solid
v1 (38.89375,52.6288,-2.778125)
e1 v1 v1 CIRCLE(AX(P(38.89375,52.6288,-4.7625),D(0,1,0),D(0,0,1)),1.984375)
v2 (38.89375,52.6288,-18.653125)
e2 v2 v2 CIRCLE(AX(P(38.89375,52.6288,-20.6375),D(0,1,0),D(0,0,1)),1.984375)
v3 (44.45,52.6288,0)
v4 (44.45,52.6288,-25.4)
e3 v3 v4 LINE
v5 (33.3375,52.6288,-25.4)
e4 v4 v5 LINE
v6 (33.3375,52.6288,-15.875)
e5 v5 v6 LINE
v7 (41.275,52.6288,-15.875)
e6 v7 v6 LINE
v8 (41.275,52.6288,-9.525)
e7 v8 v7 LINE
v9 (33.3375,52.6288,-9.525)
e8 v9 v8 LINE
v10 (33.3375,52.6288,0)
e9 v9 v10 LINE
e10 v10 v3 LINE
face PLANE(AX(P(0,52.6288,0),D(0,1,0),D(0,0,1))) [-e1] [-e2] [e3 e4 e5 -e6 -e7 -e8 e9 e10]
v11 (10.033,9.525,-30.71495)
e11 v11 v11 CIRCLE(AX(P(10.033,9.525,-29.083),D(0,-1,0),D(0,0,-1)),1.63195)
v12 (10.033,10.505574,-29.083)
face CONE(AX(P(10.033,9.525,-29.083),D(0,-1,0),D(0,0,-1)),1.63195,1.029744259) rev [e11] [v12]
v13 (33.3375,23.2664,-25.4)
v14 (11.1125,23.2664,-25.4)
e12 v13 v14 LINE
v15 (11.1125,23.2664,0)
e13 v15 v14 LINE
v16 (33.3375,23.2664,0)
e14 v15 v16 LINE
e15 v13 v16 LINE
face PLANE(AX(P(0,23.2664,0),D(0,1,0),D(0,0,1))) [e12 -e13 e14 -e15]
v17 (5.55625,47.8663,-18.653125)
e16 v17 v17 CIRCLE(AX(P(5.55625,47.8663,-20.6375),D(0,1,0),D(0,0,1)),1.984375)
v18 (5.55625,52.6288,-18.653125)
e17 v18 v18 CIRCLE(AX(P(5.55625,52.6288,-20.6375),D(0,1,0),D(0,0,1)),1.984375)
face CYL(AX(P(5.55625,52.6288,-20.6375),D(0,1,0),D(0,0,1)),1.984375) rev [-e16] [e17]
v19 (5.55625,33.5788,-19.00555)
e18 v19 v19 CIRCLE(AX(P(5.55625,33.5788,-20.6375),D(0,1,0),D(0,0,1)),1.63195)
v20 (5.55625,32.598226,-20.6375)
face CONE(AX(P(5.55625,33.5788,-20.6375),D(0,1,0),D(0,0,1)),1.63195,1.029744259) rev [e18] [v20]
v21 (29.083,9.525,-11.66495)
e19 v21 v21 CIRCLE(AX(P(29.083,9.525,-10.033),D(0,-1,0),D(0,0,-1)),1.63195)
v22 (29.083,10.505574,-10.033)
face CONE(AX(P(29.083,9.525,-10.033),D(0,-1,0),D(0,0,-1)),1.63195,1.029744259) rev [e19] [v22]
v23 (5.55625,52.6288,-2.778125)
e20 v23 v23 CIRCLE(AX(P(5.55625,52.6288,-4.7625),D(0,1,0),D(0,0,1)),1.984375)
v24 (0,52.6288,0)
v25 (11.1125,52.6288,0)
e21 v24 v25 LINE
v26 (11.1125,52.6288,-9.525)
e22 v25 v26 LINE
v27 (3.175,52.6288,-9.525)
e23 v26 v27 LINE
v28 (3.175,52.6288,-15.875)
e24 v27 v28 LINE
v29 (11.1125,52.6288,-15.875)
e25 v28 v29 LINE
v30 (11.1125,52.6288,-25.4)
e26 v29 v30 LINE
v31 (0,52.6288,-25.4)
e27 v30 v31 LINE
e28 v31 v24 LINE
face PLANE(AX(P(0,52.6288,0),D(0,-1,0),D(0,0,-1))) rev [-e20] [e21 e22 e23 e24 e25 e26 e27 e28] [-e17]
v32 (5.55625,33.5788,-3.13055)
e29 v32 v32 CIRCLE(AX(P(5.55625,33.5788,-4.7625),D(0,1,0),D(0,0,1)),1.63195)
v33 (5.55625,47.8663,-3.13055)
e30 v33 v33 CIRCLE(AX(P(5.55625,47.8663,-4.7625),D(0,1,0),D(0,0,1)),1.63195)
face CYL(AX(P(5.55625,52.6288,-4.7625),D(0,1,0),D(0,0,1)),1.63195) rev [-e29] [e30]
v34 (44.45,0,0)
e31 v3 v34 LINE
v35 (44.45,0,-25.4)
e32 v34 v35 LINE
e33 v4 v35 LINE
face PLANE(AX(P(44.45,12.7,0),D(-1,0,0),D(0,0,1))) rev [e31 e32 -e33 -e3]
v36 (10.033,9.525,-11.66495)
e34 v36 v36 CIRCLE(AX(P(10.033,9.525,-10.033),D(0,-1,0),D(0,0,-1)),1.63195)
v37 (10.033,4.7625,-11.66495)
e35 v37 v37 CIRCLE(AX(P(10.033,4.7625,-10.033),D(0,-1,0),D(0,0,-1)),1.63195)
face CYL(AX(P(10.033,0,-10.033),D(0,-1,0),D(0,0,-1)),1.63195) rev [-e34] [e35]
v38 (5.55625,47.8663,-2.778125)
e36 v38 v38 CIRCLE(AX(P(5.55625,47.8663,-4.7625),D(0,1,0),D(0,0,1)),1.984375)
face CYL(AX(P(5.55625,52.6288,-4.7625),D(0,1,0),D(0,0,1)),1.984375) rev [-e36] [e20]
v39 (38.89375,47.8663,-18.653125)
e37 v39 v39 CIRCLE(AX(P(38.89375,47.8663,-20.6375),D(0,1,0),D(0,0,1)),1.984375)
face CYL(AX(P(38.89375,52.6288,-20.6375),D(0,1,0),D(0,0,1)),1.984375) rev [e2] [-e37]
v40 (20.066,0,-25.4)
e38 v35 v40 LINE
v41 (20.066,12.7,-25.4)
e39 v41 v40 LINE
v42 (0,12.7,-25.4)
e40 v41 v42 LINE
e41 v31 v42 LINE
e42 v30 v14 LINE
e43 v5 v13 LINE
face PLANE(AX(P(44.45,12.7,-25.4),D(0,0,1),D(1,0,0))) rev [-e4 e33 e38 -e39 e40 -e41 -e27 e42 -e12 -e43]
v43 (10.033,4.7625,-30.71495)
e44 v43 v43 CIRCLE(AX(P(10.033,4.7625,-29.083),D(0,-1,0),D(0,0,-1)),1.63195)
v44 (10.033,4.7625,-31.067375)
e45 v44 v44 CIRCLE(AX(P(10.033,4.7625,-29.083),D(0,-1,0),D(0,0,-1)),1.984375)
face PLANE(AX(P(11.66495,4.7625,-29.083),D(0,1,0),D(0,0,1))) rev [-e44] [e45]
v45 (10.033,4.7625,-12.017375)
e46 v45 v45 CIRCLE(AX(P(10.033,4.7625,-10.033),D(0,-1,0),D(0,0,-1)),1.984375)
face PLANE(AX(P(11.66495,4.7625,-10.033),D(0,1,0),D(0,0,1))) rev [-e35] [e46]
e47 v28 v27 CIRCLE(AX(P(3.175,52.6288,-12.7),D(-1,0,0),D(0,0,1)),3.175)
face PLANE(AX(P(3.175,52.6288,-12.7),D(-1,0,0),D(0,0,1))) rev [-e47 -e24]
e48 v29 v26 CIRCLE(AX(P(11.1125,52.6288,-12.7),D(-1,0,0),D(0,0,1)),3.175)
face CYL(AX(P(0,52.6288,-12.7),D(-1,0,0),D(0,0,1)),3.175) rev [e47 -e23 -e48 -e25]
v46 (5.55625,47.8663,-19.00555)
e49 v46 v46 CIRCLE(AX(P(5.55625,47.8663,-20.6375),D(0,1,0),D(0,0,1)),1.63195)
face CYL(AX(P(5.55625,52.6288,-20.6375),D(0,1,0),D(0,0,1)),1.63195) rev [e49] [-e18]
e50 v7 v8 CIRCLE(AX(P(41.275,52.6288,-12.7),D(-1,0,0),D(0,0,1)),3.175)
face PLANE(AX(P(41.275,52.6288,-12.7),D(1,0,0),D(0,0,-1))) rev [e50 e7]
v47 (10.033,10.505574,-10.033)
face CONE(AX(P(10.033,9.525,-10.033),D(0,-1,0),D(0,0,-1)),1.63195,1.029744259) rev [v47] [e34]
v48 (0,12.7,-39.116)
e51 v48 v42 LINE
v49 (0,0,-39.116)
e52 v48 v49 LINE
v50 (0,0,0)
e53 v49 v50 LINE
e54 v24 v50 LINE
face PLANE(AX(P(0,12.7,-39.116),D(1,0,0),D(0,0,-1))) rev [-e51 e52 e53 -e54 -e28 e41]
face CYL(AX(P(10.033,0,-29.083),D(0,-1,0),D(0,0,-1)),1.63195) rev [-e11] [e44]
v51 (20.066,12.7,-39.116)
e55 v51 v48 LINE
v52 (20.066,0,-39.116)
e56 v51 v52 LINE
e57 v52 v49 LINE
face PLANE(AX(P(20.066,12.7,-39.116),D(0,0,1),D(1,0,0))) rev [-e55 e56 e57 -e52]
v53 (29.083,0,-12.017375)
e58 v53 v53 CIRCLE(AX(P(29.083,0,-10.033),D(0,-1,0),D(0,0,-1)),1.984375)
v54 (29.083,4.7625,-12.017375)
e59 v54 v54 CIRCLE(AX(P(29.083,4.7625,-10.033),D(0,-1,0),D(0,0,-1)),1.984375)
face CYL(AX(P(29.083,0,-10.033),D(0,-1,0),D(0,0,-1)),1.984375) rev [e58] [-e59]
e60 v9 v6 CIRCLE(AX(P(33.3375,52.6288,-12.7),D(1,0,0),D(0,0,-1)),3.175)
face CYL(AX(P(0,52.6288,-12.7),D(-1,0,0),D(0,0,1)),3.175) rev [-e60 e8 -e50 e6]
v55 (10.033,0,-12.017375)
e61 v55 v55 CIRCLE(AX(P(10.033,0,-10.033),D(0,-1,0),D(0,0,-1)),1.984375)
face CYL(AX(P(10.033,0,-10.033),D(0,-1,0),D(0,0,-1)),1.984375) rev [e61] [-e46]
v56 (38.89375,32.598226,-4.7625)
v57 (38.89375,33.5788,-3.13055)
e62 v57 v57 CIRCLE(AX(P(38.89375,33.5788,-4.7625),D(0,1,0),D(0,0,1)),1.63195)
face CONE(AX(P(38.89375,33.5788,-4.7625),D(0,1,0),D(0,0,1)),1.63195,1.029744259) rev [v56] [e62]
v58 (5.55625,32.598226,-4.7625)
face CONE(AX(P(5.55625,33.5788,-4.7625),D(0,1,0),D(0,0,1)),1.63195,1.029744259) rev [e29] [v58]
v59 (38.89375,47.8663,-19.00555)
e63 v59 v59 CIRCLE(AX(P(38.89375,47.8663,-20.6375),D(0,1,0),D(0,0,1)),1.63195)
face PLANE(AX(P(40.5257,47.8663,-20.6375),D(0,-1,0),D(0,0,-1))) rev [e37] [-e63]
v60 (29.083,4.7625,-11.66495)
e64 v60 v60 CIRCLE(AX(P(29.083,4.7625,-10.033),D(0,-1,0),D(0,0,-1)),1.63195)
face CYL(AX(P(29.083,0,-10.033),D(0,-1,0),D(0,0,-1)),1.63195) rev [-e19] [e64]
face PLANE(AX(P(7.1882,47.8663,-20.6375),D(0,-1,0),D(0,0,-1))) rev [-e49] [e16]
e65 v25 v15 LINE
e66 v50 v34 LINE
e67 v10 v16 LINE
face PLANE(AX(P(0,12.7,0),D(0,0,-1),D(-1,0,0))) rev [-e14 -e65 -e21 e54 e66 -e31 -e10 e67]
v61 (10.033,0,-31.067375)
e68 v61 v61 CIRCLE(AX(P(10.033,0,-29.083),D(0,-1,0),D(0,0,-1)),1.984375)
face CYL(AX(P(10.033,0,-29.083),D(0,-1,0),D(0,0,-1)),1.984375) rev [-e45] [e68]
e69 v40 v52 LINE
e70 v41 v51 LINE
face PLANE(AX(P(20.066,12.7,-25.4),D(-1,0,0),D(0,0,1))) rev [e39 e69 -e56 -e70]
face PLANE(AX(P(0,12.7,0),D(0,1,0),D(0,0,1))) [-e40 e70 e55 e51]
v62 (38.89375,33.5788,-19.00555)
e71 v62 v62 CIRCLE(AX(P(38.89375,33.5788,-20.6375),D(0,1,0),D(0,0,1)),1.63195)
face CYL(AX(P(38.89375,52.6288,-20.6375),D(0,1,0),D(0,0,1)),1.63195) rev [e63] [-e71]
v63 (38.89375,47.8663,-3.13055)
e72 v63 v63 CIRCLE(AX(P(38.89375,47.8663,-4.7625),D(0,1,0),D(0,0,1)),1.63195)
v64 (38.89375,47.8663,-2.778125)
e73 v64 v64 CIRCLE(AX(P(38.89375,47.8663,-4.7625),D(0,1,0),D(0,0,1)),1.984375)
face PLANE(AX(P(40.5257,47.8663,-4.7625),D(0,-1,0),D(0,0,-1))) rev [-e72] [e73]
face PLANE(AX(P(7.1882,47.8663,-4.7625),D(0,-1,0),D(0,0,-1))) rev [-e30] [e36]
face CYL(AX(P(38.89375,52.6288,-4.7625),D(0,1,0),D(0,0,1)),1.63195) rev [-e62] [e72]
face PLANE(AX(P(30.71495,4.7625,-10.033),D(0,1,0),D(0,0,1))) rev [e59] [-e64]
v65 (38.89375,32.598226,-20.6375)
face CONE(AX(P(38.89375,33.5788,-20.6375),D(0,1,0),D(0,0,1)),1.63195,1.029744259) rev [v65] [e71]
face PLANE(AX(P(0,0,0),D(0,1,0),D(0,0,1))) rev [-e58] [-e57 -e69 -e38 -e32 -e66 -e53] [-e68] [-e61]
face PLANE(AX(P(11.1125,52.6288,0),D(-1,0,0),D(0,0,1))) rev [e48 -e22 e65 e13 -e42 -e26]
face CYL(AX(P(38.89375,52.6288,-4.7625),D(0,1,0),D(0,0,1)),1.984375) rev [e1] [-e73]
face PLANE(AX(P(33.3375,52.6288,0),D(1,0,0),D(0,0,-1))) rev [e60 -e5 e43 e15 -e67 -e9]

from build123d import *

# Parameters (mm, degrees)
L_BASE_DEPTH                                = 12.7
SKETCH3_W                                   = 44.45
SKETCH3_H                                   = 25.4
RECTANGULAR_EXTRUDE_DEPTH                   = 10.5664
SKETCH4_W                                   = 11.1125
SKETCH4_H                                   = 25.4
FORK_EXTRUDE_DEPTH                          = 29.3624
SKETCH6_W                                   = 38.1
SKETCH6_H                                   = 3.175
F_4_EXPANSION_INSERT_RECESSES_1_D           = 3.2639
F_4_EXPANSION_INSERT_RECESSES_1_DEPTH       = 19.05
F_4_EXPANSION_INSERT_RECESSES_1_CBORE_D     = 3.96875
F_4_EXPANSION_INSERT_RECESSES_1_CBORE_DEPTH = 4.7625
F_4_EXPANSION_INSERT_RECESSES_1_TIP         = 0.980574487
F_4_EXPANSION_INSERT_RECESSES_2_D           = 3.2639
F_4_EXPANSION_INSERT_RECESSES_2_DEPTH       = 9.525
F_4_EXPANSION_INSERT_RECESSES_2_CBORE_D     = 3.96875
F_4_EXPANSION_INSERT_RECESSES_2_CBORE_DEPTH = 4.7625
F_4_EXPANSION_INSERT_RECESSES_2_TIP         = 0.980574487


with BuildPart() as part:
    # Sketch1 → L-Base (new body)
    with BuildSketch(Plane(origin=(0, 0, 0), x_dir=(1, 0, 0), z_dir=(0, 1, 0))):
        Polygon((0, 0), (44.45, 0), (44.45, 25.4), (20.066, 25.4), (20.066, 39.116), (0, 39.116), align=None)
    extrude(amount=L_BASE_DEPTH)

    # Sketch3 → Rectangular Extrude (add)
    with BuildSketch(Plane(origin=(0, 12.7, 0), x_dir=(1, 0, 0), z_dir=(0, 1, 0))):
        with Locations((22.225, 12.7)):
            Rectangle(SKETCH3_W, SKETCH3_H)
    extrude(amount=RECTANGULAR_EXTRUDE_DEPTH)

    # Sketch4 → Fork Extrude (add)
    with BuildSketch(Plane(origin=(0, 23.2664, 0), x_dir=(1, 0, 0), z_dir=(0, 1, 0))):
        with Locations((5.55625, 12.7)):
            Rectangle(SKETCH4_W, SKETCH4_H)
        with Locations((38.89375, 12.7)):
            Rectangle(SKETCH4_W, SKETCH4_H)
    extrude(amount=FORK_EXTRUDE_DEPTH)

    # Sketch6 → Shaft Recess (revolve, cut)
    with BuildSketch(Plane(origin=(0, 52.6288, 0), x_dir=(1, 0, 0), z_dir=(0, 1, 0))):
        with Locations((22.225, 11.1125)):
            Rectangle(SKETCH6_W, SKETCH6_H)
    revolve(axis=Axis((0, 52.6288, -12.7), (1, 0, 0)), mode=Mode.SUBTRACT)

    # #4 Expansion Insert Recesses #1
    with Locations(Plane(origin=(0, 52.6288, 0), x_dir=(1, 0, 0), z_dir=(0, 1, 0))):
        with Locations((5.55625, 20.6375), (5.55625, 4.7625), (38.89375, 20.6375), (38.89375, 4.7625)):
            CounterBoreHole(F_4_EXPANSION_INSERT_RECESSES_1_D / 2, F_4_EXPANSION_INSERT_RECESSES_1_CBORE_D / 2, F_4_EXPANSION_INSERT_RECESSES_1_CBORE_DEPTH, depth=F_4_EXPANSION_INSERT_RECESSES_1_DEPTH)
            with Locations((0, 0, -(F_4_EXPANSION_INSERT_RECESSES_1_DEPTH + F_4_EXPANSION_INSERT_RECESSES_1_TIP / 2))):  # 118° drill point
                Cone(0, F_4_EXPANSION_INSERT_RECESSES_1_D / 2, F_4_EXPANSION_INSERT_RECESSES_1_TIP, mode=Mode.SUBTRACT)

    # #4 Expansion Insert Recesses #2
    with Locations(Plane(origin=(0, 0, 0), x_dir=(-1, 0, 0), z_dir=(0, -1, 0))):
        with Locations((-10.033, 10.033), (-29.083, 10.033), (-10.033, 29.083)):
            CounterBoreHole(F_4_EXPANSION_INSERT_RECESSES_2_D / 2, F_4_EXPANSION_INSERT_RECESSES_2_CBORE_D / 2, F_4_EXPANSION_INSERT_RECESSES_2_CBORE_DEPTH, depth=F_4_EXPANSION_INSERT_RECESSES_2_DEPTH)
            with Locations((0, 0, -(F_4_EXPANSION_INSERT_RECESSES_2_DEPTH + F_4_EXPANSION_INSERT_RECESSES_2_TIP / 2))):  # 118° drill point
                Cone(0, F_4_EXPANSION_INSERT_RECESSES_2_D / 2, F_4_EXPANSION_INSERT_RECESSES_2_TIP, mode=Mode.SUBTRACT)


solid = part.part
